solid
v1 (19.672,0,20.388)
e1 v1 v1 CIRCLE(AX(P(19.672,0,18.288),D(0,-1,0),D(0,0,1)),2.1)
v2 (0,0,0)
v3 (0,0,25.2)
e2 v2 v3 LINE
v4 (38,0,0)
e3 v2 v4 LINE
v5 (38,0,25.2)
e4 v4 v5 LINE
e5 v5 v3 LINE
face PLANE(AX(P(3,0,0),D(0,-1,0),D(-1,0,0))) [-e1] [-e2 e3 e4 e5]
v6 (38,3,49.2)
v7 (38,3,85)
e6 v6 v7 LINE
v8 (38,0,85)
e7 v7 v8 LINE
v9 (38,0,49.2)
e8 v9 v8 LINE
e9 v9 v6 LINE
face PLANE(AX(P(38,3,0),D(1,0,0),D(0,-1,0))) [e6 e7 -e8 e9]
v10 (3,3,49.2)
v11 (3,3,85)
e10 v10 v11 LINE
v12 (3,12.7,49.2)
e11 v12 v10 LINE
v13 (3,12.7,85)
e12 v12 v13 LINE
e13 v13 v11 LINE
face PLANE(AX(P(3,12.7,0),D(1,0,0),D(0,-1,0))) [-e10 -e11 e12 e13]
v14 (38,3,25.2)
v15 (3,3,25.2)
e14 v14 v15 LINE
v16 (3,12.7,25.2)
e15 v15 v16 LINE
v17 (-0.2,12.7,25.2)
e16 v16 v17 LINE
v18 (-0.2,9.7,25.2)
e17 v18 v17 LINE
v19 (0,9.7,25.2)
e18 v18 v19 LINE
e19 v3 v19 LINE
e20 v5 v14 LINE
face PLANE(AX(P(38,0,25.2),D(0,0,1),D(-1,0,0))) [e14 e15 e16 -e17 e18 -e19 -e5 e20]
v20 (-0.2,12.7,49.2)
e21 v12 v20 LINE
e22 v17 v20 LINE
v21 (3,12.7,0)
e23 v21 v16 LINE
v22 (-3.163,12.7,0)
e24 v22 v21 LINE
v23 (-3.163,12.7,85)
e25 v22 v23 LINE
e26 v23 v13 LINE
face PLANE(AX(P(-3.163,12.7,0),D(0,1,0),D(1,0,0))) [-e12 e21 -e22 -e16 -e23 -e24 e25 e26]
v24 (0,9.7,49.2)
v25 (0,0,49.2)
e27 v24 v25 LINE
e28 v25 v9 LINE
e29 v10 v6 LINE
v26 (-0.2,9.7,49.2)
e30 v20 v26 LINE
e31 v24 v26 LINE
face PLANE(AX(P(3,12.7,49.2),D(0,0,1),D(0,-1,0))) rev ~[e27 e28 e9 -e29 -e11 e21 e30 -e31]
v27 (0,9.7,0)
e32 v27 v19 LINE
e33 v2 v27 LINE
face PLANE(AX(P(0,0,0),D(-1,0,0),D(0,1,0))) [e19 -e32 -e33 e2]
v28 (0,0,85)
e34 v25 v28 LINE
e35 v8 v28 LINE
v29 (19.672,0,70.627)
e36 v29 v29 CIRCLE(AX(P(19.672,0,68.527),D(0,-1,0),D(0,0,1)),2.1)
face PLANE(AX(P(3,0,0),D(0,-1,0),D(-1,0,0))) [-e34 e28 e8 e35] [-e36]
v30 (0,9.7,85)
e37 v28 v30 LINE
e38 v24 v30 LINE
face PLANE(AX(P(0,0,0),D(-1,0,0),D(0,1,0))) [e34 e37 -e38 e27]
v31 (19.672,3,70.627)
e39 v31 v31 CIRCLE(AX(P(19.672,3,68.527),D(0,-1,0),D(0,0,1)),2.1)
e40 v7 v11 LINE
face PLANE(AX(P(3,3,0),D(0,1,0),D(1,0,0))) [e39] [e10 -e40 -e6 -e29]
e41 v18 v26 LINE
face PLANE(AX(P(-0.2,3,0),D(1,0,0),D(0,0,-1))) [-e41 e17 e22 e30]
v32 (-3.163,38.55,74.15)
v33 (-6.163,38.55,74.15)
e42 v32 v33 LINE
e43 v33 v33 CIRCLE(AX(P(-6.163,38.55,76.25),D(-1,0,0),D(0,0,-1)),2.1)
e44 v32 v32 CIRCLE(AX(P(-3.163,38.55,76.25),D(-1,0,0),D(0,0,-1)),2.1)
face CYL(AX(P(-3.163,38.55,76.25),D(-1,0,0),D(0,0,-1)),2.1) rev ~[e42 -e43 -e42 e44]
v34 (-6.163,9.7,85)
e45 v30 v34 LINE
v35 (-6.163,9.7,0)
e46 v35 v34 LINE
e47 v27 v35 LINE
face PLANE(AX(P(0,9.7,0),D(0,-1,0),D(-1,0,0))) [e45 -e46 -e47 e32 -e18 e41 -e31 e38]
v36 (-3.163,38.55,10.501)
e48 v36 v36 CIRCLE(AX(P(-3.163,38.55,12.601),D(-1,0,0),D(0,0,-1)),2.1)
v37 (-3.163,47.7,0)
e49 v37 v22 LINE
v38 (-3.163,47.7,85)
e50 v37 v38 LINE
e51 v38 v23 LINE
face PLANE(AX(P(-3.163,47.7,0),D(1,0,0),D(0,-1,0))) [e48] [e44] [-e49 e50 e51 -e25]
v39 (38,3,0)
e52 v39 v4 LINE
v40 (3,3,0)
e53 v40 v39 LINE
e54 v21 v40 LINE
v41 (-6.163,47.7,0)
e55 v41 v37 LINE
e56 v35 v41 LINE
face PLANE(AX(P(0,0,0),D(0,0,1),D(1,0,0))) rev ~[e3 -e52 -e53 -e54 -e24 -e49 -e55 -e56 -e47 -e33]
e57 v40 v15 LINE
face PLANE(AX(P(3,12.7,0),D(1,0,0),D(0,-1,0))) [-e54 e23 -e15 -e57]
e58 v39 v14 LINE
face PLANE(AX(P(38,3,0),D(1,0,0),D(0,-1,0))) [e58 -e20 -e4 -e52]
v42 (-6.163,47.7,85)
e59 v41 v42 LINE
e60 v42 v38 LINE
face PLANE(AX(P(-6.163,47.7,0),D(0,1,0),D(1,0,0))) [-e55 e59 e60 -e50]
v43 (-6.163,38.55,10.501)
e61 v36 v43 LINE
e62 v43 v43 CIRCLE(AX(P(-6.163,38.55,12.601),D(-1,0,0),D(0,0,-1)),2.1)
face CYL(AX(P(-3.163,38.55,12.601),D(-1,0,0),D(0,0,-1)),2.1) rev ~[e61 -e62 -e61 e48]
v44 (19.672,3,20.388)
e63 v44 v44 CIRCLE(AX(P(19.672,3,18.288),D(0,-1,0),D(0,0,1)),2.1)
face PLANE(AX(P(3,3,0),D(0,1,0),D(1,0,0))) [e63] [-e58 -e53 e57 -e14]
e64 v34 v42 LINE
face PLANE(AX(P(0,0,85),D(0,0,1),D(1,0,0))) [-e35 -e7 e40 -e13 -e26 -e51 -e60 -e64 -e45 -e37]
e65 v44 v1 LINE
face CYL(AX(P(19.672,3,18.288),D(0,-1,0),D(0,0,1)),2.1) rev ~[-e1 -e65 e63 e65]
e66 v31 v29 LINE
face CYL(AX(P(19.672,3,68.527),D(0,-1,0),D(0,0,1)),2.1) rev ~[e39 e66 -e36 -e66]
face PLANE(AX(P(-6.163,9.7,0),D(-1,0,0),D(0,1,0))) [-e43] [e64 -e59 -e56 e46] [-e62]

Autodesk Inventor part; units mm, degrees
ref_plane "YZ Plane" through (0, 0, 0) normal (1, 0, 0) x (0, 1, 0)
ref_plane "XZ Plane" through (0, 0, 0) normal (0, 1, 0) x (-1, 0, 0)
ref_plane "XY Plane" through (0, 0, 0) normal (0, 0, 1) x (1, 0, 0)
sketch "Sketch1" plane through (0, 0, 0) normal (0, 0, 1) x (1, 0, 0)
  line L0 (3, 0) -> (0, 0)
  line L1 (0, 0) -> (0, 9.7)
  line L2 (0, 9.7) -> (-6.163, 9.7)
  line L3 (-6.163, 9.7) -> (-6.163, 47.7)
  line L4 (-6.163, 47.7) -> (-3.163, 47.7)
  line L5 (-3.163, 47.7) -> (-3.163, 12.7)
  line L6 (-3.163, 12.7) -> (3, 12.7)
  line L7 (3, 12.7) -> (3, 3)
  line L8 (3, 3) -> (10.045, 3)
  line L9 (11.5096, 0) -> (9.0351, 0)
  line L10 (10.045, 3) -> (38, 3)
  line L11 (38, 3) -> (38, 0)
  line L12 (0, 0) -> (38, 0)
  point P0 (-3.0815, 9.7)
  dimension "d0" = 9.7
  dimension "d1" = 6.163
  dimension "d2" = 38
  dimension "d3" = 3
  dimension "d6" = 3
  dimension "d7" = 3
  dimension "d8" = 3
  dimension "d10" = 38
extrude "Extrusion1" add sketch "Sketch1" along normal blind 85
sketch "Sketch3" plane through (3, 3, 0) normal (1, 0, 0) x (0, 0, -1)
  point P0 (0, -3)
sketch "Sketch8" plane through (-3.163, 12.7, 0) normal (1, 0, 0) x (0, 0, -1)
  circle A0 centre (-76.25, 25.85) radius 2.1
  line L0 (-85, 0) -> (-85, 35) projected
  line L1 (0, 35) -> (-85, 35) projected
  point P0 (0, -12.7)
  dimension "d28" = 4.2
  dimension "d29" = 8.75
  dimension "d30" = 9.15
hole "Hole1" at (-3.163, 38.55, 76.25) direction (-1, 0, 0) diameter 4.2 end through all
sketch "Sketch9" plane through (-3.163, 12.7, 0) normal (1, 0, 0) x (0, 0, -1)
  circle A0 centre (-12.601, 25.85) radius 2.1
  line L0 (0, 35) -> (-85, 35) projected
  line L1 (0, 0) -> (0, 35) projected
  point P0 (0, -12.7)
  dimension "d38" = 4.2
  dimension "d39" = 9.15
  dimension "d40" = 12.601
hole "Hole2" at (-3.163, 38.55, 12.601) direction (-1, 0, 0) diameter 4.2 end through all
sketch "Sketch10" plane through (0, 0, 0) normal (0, -1, 0) x (1, 0, 0)
  line L0 (38, 0) -> (38, 85) projected
  line L1 (0, 0) -> (0, 85) projected
  line L2 (38, 25.2) -> (0, 25.2)
  line L3 (0, 25.2) -> (0, 49.2)
  line L4 (0, 49.2) -> (38, 49.2)
  line L5 (38, 49.2) -> (38, 25.2)
  line L6 (0, 0) -> (38, 0) projected
  line L7 (0, 85) -> (38, 85) projected
  point P0 (38, 49.2)
  point P1 (0, 25.2)
  dimension "d49" = 24
  dimension "d52" = 35.8
extrude "Extrusion7" cut sketch "Sketch10" against normal blind 3 contours L2 L1 L4 L0
sketch "Sketch12" plane through (3, 3, 85) normal (0, 1, 0) x (1, 0, 0)
  circle A0 centre (16.672, 16.473) radius 2.1
  line L0 (35, 0) -> (0, 0) projected
  line L1 (0, 35.8) -> (0, 0) projected
  point P0 (-3, 85)
  dimension "d63" = 4.2
  dimension "d64" = 16.473
  dimension "d65" = 16.672
hole "Hole4" at (19.672, 3, 68.527) direction (0, -1, 0) diameter 4.2 end through all
sketch "Sketch13" plane through (3, 3, 0) normal (0, 1, 0) x (1, 0, 0)
  circle A0 centre (16.672, -18.288) radius 2.1
  line L0 (0, 0) -> (0, -25.2) projected
  line L1 (35, 0) -> (0, 0) projected
  point P0 (-3, 0)
  dimension "d73" = 4.2
  dimension "d74" = 16.672
  dimension "d75" = 18.288
hole "Hole5" at (19.672, 3, 18.288) direction (0, -1, 0) diameter 4.2 end through all
sketch "Sketch14" plane through (3, 3, 0) normal (1, 0, 0) x (0, 0, -1)
  line L0 (-49.2, 0) -> (-85, 0) projected
  line L1 (0, 9.7) -> (-85, 9.7) projected
  line L2 (-49.2, 0) -> (-25.2, 0)
  line L3 (-25.2, 0) -> (-25.2, 9.7)
  line L4 (-25.2, 9.7) -> (-49.2, 9.7)
  line L5 (-49.2, 9.7) -> (-49.2, 0)
  point P0 (0, -3)
  point P1 (-49.2, 9.7)
  dimension "d83" = 24
extrude "Extrusion8" cut sketch "Sketch14" against normal blind 3.2
properties part number "RotaryActBracket"
